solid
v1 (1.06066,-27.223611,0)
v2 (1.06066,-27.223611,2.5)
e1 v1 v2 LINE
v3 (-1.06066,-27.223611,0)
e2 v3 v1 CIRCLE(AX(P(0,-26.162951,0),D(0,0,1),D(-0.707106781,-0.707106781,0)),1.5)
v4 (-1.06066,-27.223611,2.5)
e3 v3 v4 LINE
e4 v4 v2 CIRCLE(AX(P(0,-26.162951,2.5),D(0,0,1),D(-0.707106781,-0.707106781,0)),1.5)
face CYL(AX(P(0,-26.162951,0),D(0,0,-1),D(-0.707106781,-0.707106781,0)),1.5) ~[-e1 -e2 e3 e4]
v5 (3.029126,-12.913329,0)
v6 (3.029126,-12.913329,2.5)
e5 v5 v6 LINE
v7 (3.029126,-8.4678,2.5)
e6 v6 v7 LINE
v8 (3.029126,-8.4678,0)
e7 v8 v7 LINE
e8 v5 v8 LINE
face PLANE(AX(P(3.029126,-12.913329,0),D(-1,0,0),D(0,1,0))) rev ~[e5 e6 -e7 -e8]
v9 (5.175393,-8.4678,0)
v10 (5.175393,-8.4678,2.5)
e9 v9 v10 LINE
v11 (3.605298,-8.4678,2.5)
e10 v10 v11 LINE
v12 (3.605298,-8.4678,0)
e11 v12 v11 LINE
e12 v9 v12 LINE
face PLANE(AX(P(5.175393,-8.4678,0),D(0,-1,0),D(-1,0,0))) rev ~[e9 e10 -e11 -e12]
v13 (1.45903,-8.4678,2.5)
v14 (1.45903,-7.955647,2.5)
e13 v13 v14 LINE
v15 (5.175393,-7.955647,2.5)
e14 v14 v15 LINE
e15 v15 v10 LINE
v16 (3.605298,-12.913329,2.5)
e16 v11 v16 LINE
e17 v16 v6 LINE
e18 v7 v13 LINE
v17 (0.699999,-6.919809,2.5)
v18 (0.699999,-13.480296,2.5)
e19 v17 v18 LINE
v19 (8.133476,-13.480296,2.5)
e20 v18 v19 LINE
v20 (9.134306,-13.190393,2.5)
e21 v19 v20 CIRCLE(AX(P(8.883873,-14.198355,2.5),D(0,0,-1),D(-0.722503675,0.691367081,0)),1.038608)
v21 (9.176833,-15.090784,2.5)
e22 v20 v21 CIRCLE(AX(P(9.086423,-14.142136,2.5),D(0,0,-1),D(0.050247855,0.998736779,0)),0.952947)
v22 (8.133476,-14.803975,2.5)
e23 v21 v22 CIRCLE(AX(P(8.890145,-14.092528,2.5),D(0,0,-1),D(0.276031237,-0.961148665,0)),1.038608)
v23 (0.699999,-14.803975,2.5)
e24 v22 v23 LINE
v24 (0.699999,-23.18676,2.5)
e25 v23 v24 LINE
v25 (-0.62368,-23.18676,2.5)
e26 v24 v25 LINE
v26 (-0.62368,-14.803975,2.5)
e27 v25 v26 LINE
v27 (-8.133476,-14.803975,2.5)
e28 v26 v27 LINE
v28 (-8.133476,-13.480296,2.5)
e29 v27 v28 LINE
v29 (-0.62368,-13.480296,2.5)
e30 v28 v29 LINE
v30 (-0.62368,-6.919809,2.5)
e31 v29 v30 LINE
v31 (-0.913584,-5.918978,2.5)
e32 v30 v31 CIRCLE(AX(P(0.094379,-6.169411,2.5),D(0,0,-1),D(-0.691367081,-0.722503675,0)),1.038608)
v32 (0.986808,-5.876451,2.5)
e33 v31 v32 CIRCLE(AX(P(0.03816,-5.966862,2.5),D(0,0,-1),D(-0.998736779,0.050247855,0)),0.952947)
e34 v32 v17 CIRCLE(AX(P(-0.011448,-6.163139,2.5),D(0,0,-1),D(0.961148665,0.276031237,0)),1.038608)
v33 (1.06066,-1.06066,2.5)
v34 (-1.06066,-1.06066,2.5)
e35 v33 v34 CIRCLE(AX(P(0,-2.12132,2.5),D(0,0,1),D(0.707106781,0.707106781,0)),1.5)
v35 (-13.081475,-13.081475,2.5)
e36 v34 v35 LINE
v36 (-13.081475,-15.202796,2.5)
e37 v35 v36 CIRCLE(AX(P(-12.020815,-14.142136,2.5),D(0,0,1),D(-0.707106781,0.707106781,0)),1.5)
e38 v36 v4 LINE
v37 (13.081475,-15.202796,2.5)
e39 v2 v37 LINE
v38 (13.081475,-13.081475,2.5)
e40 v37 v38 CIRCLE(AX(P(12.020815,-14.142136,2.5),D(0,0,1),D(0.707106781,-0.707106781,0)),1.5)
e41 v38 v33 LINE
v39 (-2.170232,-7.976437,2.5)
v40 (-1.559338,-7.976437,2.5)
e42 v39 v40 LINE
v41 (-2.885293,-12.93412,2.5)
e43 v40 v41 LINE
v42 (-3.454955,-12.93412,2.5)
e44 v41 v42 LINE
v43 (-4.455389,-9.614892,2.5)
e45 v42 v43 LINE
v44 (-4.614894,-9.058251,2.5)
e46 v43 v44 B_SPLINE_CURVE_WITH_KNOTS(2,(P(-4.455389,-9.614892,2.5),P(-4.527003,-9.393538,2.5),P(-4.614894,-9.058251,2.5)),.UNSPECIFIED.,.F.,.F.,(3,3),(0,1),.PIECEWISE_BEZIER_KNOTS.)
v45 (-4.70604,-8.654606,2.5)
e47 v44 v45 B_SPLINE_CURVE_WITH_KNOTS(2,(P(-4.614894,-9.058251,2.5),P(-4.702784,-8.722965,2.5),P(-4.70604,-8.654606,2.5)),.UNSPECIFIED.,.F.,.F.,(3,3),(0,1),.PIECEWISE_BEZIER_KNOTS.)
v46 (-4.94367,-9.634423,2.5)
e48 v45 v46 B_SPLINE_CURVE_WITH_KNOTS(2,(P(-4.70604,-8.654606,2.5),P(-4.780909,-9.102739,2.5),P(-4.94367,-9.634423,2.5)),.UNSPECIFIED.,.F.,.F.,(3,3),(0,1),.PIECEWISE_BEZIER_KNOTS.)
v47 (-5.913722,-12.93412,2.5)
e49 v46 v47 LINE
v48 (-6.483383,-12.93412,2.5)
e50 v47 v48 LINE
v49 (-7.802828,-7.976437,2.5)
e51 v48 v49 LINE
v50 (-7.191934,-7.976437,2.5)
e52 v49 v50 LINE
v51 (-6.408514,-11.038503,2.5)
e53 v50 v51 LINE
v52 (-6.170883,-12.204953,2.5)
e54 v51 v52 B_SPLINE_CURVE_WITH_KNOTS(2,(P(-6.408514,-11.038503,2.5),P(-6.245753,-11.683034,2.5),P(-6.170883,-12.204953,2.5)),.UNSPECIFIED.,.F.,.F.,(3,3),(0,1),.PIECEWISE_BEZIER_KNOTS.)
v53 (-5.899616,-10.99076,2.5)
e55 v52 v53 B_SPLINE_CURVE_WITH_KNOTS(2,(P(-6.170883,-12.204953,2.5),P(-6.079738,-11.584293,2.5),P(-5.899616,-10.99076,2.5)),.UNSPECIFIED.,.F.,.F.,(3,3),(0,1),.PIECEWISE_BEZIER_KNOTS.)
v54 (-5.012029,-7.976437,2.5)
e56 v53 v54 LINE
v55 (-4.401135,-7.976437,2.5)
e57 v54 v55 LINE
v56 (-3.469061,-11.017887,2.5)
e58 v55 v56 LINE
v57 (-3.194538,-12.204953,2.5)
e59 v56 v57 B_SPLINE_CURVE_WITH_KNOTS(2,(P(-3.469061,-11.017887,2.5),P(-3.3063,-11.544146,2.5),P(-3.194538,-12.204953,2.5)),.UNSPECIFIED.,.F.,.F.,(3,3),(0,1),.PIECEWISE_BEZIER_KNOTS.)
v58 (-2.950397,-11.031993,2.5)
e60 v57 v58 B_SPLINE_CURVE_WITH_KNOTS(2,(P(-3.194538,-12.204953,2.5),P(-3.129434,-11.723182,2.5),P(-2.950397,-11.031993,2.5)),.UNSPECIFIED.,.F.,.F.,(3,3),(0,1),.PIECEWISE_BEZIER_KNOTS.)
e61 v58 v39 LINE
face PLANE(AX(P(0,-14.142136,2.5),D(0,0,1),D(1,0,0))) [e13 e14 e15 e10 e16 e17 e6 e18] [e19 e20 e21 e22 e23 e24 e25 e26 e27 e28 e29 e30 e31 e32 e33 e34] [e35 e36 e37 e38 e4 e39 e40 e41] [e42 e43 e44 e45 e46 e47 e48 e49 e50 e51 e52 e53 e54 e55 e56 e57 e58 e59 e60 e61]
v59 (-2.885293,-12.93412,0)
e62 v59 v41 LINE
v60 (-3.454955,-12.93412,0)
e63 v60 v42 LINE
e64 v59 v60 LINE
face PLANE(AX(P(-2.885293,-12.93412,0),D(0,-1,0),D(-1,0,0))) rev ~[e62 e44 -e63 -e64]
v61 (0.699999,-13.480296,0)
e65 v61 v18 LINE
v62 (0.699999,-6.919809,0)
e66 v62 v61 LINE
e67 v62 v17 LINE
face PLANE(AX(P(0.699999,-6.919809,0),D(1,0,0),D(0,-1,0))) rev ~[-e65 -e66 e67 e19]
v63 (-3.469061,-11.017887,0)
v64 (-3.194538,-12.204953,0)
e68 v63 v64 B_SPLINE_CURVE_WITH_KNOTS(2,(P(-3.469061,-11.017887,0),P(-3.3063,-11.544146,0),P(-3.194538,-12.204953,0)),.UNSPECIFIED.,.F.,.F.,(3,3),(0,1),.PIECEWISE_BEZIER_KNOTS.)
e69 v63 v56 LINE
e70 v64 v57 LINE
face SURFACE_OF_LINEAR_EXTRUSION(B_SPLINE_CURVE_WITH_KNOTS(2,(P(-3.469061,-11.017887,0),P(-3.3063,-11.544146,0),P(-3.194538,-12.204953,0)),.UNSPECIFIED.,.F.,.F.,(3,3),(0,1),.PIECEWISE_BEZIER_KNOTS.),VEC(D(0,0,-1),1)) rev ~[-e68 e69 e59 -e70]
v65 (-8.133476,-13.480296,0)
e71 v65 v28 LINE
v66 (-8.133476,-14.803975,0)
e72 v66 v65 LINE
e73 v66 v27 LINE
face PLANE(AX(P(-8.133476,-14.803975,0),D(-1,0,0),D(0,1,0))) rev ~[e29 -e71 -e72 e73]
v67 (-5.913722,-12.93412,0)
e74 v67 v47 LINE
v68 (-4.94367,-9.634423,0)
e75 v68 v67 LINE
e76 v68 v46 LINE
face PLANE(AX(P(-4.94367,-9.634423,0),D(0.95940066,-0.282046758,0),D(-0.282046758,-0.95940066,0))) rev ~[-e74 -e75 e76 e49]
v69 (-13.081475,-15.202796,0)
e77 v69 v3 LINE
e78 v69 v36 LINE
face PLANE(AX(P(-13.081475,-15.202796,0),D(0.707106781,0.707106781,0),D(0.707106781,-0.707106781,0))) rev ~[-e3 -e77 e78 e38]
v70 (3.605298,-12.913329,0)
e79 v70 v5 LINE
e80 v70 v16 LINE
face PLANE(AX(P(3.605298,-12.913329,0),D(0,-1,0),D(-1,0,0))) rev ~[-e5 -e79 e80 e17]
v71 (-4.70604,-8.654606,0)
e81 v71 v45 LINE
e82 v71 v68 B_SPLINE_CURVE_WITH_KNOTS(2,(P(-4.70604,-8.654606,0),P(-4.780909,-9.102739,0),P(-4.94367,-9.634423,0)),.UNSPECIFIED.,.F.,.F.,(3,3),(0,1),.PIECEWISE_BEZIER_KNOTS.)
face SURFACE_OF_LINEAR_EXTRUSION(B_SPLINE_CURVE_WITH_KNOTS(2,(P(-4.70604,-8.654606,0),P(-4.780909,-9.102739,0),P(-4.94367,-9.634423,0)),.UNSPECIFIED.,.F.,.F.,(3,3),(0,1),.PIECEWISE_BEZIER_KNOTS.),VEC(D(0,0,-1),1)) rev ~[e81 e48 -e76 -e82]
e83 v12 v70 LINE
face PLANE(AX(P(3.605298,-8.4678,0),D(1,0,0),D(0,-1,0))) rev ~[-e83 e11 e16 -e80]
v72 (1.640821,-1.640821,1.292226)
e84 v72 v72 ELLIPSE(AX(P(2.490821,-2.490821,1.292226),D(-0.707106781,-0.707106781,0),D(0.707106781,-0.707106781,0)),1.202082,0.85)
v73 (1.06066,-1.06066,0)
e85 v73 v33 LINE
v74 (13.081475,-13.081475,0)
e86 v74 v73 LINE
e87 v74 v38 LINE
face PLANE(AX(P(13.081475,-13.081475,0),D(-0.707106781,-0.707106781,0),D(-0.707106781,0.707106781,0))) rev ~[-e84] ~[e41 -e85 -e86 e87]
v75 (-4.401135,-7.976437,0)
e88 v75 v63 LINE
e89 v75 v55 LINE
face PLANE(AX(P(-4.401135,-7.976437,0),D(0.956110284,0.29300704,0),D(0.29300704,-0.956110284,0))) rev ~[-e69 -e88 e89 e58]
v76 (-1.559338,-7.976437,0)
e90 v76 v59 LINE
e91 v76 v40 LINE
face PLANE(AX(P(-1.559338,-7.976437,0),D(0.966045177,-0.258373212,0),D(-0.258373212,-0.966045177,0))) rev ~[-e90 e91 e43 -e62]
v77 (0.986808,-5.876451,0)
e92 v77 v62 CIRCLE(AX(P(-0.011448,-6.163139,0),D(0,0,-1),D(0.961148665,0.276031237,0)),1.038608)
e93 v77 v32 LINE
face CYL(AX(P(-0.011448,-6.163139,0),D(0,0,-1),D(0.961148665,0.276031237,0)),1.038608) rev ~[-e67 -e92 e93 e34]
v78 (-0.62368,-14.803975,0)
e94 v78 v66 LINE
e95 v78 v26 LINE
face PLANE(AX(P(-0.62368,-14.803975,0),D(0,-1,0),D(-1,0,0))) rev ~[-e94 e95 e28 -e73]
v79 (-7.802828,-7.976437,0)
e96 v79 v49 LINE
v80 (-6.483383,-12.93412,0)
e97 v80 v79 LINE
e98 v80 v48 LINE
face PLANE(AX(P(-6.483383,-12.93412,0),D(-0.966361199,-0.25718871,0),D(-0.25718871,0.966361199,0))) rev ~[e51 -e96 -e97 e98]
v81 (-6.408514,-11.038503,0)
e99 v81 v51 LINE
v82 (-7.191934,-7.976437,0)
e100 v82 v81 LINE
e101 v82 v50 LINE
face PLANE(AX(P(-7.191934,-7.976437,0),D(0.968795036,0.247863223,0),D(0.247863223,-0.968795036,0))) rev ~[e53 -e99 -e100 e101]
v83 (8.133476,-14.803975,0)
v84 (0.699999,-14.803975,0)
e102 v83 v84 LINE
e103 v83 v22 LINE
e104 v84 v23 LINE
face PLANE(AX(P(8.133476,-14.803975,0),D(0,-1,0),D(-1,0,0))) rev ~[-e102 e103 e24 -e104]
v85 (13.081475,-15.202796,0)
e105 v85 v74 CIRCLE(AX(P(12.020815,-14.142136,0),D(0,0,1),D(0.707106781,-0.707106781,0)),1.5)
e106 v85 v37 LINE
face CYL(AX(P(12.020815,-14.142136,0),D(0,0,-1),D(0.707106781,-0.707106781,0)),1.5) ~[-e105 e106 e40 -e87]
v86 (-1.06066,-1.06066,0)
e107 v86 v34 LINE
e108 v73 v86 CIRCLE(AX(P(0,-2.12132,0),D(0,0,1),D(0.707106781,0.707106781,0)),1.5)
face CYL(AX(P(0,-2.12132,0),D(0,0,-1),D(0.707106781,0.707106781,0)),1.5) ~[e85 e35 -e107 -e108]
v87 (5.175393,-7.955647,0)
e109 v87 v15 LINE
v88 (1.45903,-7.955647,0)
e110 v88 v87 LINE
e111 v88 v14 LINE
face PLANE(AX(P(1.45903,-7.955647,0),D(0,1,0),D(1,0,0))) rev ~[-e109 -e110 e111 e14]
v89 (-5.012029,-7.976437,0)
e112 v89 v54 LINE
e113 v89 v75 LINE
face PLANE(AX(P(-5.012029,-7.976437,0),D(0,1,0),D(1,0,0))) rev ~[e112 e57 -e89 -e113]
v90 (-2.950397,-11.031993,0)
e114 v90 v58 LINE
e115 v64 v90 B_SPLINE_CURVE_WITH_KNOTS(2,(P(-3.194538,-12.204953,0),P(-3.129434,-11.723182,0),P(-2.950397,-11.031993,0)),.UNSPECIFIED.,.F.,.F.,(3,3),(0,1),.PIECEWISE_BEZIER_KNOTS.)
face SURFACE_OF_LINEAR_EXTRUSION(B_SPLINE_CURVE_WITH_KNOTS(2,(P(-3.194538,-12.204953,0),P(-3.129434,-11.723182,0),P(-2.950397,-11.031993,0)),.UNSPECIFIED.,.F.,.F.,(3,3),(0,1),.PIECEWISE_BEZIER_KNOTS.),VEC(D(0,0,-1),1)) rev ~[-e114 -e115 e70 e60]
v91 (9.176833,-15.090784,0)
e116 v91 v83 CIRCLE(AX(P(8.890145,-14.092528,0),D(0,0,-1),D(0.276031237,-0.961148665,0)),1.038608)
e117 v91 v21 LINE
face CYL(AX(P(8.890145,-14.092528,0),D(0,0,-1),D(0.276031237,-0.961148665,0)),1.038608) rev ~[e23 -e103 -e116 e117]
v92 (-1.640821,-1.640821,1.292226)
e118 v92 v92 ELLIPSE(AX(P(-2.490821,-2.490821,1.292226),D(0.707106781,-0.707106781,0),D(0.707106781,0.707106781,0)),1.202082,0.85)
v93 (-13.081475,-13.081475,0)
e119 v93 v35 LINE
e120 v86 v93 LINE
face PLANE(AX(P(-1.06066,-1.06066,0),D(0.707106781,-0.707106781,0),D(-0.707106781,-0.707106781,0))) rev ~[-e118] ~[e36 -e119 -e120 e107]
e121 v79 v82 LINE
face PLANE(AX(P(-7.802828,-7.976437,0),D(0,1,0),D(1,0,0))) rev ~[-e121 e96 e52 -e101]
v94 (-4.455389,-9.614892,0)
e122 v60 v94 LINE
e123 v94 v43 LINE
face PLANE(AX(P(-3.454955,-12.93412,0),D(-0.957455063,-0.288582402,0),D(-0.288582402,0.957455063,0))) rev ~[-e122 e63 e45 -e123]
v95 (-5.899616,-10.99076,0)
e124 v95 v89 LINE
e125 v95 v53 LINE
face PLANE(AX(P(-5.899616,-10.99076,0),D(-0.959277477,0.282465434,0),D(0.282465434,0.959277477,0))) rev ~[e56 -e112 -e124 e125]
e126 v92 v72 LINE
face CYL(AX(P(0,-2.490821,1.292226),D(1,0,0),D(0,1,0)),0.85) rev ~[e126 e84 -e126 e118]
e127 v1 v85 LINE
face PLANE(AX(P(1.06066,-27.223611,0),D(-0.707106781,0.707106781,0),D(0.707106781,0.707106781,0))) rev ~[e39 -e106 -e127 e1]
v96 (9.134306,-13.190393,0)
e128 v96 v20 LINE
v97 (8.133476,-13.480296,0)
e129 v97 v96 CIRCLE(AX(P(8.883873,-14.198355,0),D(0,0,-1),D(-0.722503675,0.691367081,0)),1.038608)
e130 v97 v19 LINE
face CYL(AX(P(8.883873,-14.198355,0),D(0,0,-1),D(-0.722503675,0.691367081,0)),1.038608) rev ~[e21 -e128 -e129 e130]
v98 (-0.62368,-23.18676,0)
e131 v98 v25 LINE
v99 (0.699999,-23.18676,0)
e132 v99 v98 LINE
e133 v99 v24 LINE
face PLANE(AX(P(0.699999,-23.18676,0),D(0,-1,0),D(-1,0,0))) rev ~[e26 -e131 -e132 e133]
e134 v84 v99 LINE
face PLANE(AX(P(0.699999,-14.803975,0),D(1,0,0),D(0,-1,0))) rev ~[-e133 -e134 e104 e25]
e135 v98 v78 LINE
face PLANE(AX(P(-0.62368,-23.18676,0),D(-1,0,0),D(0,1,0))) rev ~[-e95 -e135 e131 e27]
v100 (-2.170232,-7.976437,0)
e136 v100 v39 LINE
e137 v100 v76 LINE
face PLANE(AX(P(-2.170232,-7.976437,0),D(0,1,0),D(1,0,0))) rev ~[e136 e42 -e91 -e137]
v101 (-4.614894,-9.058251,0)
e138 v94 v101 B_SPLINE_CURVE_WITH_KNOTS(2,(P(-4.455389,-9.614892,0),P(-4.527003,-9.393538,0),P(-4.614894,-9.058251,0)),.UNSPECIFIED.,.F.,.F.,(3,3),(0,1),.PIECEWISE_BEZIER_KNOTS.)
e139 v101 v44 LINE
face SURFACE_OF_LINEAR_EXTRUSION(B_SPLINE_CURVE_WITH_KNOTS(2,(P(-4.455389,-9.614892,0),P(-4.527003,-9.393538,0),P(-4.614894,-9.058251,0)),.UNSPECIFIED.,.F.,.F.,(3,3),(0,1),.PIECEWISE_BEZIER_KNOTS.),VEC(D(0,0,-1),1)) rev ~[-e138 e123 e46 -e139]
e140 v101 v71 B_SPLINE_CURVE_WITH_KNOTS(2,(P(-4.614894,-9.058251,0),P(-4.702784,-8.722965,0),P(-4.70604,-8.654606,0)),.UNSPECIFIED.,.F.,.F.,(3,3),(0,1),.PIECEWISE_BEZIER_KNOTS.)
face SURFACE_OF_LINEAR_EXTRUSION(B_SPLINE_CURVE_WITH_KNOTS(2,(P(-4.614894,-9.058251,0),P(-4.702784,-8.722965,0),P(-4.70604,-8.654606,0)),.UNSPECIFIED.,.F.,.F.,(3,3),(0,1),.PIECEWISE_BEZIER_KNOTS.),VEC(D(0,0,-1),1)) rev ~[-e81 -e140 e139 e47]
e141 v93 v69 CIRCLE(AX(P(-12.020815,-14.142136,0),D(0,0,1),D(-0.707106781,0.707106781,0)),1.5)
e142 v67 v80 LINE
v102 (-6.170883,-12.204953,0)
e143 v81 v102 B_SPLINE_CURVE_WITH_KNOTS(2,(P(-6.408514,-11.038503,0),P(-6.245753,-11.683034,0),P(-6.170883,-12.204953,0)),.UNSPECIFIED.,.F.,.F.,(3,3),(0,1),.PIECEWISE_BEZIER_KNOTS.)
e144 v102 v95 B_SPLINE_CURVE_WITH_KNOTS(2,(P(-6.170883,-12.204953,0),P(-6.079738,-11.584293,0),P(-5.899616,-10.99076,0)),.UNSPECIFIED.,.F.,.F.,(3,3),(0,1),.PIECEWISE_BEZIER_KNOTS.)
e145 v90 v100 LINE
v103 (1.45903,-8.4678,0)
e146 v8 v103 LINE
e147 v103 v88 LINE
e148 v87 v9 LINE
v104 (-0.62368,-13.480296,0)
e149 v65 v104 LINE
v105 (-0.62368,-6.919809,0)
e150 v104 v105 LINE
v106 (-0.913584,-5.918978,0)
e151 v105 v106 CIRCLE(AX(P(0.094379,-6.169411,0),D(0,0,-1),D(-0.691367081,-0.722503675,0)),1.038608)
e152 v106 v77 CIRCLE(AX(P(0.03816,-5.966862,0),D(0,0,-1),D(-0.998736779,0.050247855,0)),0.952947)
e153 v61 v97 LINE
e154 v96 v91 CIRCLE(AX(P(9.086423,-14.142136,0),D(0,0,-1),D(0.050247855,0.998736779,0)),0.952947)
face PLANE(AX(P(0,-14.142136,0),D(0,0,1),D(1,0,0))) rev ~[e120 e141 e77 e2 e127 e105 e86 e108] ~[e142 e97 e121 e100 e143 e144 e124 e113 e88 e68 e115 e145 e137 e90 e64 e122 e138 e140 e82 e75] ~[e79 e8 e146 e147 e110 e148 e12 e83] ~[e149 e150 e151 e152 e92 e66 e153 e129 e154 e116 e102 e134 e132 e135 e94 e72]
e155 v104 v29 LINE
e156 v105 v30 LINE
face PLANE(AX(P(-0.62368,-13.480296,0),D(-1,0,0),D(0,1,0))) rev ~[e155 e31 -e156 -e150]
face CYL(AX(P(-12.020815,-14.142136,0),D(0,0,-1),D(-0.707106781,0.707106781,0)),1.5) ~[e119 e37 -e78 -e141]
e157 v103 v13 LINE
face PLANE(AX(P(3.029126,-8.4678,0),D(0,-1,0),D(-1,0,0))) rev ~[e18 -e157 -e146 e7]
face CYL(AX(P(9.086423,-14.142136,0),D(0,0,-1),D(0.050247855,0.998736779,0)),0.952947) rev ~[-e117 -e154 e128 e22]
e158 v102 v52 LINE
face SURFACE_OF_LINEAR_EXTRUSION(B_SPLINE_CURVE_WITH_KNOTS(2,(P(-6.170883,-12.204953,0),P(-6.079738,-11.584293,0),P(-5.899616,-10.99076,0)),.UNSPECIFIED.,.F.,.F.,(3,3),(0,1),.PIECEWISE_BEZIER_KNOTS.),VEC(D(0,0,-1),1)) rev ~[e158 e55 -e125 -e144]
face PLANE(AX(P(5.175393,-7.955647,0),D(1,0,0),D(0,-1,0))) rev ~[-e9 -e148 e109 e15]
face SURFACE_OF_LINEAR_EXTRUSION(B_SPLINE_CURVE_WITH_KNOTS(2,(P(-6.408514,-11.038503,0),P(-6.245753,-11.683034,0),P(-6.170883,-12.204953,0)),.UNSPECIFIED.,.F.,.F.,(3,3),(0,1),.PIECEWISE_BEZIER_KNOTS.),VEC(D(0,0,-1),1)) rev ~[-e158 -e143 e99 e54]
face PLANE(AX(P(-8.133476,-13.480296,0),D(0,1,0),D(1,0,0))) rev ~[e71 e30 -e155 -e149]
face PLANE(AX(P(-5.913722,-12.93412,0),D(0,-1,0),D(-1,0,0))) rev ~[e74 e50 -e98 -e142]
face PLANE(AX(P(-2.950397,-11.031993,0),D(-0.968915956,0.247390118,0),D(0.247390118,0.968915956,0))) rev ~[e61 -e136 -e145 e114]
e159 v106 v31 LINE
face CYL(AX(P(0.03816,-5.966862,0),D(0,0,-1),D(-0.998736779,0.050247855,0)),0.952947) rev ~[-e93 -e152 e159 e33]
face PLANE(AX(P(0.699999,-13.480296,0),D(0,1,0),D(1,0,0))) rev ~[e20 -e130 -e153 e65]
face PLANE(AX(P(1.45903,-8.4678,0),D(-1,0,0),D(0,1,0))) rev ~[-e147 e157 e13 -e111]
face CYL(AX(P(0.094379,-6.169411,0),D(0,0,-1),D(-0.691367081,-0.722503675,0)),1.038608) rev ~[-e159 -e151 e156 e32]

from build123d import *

# Parameters (mm, degrees)
F1_DEPTH = 2.5
F2_R     = 0.85
F3_DEPTH = 12.5


with BuildPart() as f1:
    # F0 (on Top) → F1 (new body)
    with BuildSketch(Plane.XY):
        with BuildLine():
            Line((13.081475452, -13.081475452), (1.0606601718, -1.0606601718))
            ThreePointArc((1.0606601718, -1.0606601718), (0, -0.6213203436), (-1.0606601718, -1.0606601718))
            Line((-1.0606601718, -1.0606601718), (-13.081475452, -13.081475452))
            ThreePointArc((-13.081475452, -13.081475452), (-13.5208152802, -14.1421356237), (-13.081475452, -15.2027957955))
            Line((-13.081475452, -15.2027957955), (-1.0606601718, -27.2236110757))
            ThreePointArc((-1.0606601718, -27.2236110757), (0, -27.6629509039), (1.0606601718, -27.2236110757))
            Line((1.0606601718, -27.2236110757), (13.081475452, -15.2027957955))
            ThreePointArc((13.081475452, -15.2027957955), (13.5208152802, -14.1421356237), (13.081475452, -13.081475452))
        make_face()
        with BuildLine():
            Line((-1.559338312, -7.9764372607), (-2.8852931731, -12.9341195524))
            Line((-2.8852931731, -12.9341195524), (-3.4549546314, -12.9341195524))
            Line((-3.4549546314, -12.9341195524), (-4.4553886592, -9.6148921218))
            add(Edge.make_bspline(
                [(-4.4553886592, -9.6148921218), (-4.5270032425, -9.3935379552), (-4.6148938675, -9.0582514968)],
                knots=[0, 0, 0, 1, 1, 1], degree=2))
            add(Edge.make_bspline(
                [(-4.6148938675, -9.0582514968), (-4.7027844925, -8.7229650385), (-4.7060397009, -8.6546056635)],
                knots=[0, 0, 0, 1, 1, 1], degree=2))
            add(Edge.make_bspline(
                [(-4.7060397009, -8.6546056635), (-4.7809094925, -9.102739344), (-4.9436699092, -9.6344233718)],
                knots=[0, 0, 0, 1, 1, 1], degree=2))
            Line((-4.9436699092, -9.6344233718), (-5.9137219925, -12.9341195524))
            Line((-5.9137219925, -12.9341195524), (-6.4833834509, -12.9341195524))
            Line((-6.4833834509, -12.9341195524), (-7.8028278953, -7.9764372607))
            Line((-7.8028278953, -7.9764372607), (-7.1919337981, -7.9764372607))
            Line((-7.1919337981, -7.9764372607), (-6.4085136592, -11.0385032329))
            add(Edge.make_bspline(
                [(-6.4085136592, -11.0385032329), (-6.2457532425, -11.6830344829), (-6.1708834509, -12.2049528857)],
                knots=[0, 0, 0, 1, 1, 1], degree=2))
            add(Edge.make_bspline(
                [(-6.1708834509, -12.2049528857), (-6.0797376175, -11.5842931635), (-5.8996160898, -10.9907601774)],
                knots=[0, 0, 0, 1, 1, 1], degree=2))
            Line((-5.8996160898, -10.9907601774), (-5.0120292842, -7.9764372607))
            Line((-5.0120292842, -7.9764372607), (-4.401135187, -7.9764372607))
            Line((-4.401135187, -7.9764372607), (-3.4690605342, -11.0178869135))
            add(Edge.make_bspline(
                [(-3.4690605342, -11.0178869135), (-3.3063001175, -11.544145594), (-3.1945379648, -12.2049528857)],
                knots=[0, 0, 0, 1, 1, 1], degree=2))
            add(Edge.make_bspline(
                [(-3.1945379648, -12.2049528857), (-3.1294337981, -11.7231820524), (-2.9503973398, -11.0319928163)],
                knots=[0, 0, 0, 1, 1, 1], degree=2))
            Line((-2.9503973398, -11.0319928163), (-2.1702324092, -7.9764372607))
            Line((-2.1702324092, -7.9764372607), (-1.559338312, -7.9764372607))
        make_face(mode=Mode.SUBTRACT)
        with BuildLine():
            Line((-8.1334756687, -14.8039748892), (-8.1334756687, -13.4802963582))
            Line((-8.1334756687, -13.4802963582), (-0.6236797201, -13.4802963582))
            Line((-0.6236797201, -13.4802963582), (-0.6236797201, -6.9198086858))
            ThreePointArc((-0.6236797201, -6.9198086858), (-0.9032194318, -6.4583786209), (-0.9135835525, -5.9189782686))
            ThreePointArc((-0.9135835525, -5.9189782686), (0.0168397474, -5.0141534426), (0.9868078824, -5.876451129))
            ThreePointArc((0.9868078824, -5.876451129), (0.9900106564, -6.4384308628), (0.6999988109, -6.9198086858))
            Line((0.6999988109, -6.9198086858), (0.6999988109, -13.4802963582))
            Line((0.6999988109, -13.4802963582), (8.1334756687, -13.4802963582))
            ThreePointArc((8.1334756687, -13.4802963582), (8.5949057336, -13.2007566465), (9.134306086, -13.1903925258))
            ThreePointArc((9.134306086, -13.1903925258), (10.0391309119, -14.1208158258), (9.1768332255, -15.0907839607))
            ThreePointArc((9.1768332255, -15.0907839607), (8.6148534917, -15.0939867347), (8.1334756687, -14.8039748892))
            Line((8.1334756687, -14.8039748892), (0.6999988109, -14.8039748892))
            Line((0.6999988109, -14.8039748892), (0.6999988109, -23.1867600232))
            Line((0.6999988109, -23.1867600232), (-0.6236797201, -23.1867600232))
            Line((-0.6236797201, -23.1867600232), (-0.6236797201, -14.8039748892))
            Line((-0.6236797201, -14.8039748892), (-8.1334756687, -14.8039748892))
        make_face(mode=Mode.SUBTRACT)
        Polygon((3.6052975431, -8.467799659), (3.6052975431, -12.9133291729), (3.0291256681, -12.9133291729), (3.0291256681, -8.467799659), (1.459030182, -8.467799659), (1.459030182, -7.9556468812), (5.1753930292, -7.9556468812), (5.1753930292, -8.467799659), align=None, mode=Mode.SUBTRACT)
    extrude(amount=F1_DEPTH)

    # F2 (on Right) → F3 (cut, symmetric)
    with BuildSketch(Plane.YZ):
        with Locations((-2.4908210296, 1.292226194)):
            Circle(F2_R)
    extrude(amount=F3_DEPTH, both=True, mode=Mode.SUBTRACT)


solid = f1.part
